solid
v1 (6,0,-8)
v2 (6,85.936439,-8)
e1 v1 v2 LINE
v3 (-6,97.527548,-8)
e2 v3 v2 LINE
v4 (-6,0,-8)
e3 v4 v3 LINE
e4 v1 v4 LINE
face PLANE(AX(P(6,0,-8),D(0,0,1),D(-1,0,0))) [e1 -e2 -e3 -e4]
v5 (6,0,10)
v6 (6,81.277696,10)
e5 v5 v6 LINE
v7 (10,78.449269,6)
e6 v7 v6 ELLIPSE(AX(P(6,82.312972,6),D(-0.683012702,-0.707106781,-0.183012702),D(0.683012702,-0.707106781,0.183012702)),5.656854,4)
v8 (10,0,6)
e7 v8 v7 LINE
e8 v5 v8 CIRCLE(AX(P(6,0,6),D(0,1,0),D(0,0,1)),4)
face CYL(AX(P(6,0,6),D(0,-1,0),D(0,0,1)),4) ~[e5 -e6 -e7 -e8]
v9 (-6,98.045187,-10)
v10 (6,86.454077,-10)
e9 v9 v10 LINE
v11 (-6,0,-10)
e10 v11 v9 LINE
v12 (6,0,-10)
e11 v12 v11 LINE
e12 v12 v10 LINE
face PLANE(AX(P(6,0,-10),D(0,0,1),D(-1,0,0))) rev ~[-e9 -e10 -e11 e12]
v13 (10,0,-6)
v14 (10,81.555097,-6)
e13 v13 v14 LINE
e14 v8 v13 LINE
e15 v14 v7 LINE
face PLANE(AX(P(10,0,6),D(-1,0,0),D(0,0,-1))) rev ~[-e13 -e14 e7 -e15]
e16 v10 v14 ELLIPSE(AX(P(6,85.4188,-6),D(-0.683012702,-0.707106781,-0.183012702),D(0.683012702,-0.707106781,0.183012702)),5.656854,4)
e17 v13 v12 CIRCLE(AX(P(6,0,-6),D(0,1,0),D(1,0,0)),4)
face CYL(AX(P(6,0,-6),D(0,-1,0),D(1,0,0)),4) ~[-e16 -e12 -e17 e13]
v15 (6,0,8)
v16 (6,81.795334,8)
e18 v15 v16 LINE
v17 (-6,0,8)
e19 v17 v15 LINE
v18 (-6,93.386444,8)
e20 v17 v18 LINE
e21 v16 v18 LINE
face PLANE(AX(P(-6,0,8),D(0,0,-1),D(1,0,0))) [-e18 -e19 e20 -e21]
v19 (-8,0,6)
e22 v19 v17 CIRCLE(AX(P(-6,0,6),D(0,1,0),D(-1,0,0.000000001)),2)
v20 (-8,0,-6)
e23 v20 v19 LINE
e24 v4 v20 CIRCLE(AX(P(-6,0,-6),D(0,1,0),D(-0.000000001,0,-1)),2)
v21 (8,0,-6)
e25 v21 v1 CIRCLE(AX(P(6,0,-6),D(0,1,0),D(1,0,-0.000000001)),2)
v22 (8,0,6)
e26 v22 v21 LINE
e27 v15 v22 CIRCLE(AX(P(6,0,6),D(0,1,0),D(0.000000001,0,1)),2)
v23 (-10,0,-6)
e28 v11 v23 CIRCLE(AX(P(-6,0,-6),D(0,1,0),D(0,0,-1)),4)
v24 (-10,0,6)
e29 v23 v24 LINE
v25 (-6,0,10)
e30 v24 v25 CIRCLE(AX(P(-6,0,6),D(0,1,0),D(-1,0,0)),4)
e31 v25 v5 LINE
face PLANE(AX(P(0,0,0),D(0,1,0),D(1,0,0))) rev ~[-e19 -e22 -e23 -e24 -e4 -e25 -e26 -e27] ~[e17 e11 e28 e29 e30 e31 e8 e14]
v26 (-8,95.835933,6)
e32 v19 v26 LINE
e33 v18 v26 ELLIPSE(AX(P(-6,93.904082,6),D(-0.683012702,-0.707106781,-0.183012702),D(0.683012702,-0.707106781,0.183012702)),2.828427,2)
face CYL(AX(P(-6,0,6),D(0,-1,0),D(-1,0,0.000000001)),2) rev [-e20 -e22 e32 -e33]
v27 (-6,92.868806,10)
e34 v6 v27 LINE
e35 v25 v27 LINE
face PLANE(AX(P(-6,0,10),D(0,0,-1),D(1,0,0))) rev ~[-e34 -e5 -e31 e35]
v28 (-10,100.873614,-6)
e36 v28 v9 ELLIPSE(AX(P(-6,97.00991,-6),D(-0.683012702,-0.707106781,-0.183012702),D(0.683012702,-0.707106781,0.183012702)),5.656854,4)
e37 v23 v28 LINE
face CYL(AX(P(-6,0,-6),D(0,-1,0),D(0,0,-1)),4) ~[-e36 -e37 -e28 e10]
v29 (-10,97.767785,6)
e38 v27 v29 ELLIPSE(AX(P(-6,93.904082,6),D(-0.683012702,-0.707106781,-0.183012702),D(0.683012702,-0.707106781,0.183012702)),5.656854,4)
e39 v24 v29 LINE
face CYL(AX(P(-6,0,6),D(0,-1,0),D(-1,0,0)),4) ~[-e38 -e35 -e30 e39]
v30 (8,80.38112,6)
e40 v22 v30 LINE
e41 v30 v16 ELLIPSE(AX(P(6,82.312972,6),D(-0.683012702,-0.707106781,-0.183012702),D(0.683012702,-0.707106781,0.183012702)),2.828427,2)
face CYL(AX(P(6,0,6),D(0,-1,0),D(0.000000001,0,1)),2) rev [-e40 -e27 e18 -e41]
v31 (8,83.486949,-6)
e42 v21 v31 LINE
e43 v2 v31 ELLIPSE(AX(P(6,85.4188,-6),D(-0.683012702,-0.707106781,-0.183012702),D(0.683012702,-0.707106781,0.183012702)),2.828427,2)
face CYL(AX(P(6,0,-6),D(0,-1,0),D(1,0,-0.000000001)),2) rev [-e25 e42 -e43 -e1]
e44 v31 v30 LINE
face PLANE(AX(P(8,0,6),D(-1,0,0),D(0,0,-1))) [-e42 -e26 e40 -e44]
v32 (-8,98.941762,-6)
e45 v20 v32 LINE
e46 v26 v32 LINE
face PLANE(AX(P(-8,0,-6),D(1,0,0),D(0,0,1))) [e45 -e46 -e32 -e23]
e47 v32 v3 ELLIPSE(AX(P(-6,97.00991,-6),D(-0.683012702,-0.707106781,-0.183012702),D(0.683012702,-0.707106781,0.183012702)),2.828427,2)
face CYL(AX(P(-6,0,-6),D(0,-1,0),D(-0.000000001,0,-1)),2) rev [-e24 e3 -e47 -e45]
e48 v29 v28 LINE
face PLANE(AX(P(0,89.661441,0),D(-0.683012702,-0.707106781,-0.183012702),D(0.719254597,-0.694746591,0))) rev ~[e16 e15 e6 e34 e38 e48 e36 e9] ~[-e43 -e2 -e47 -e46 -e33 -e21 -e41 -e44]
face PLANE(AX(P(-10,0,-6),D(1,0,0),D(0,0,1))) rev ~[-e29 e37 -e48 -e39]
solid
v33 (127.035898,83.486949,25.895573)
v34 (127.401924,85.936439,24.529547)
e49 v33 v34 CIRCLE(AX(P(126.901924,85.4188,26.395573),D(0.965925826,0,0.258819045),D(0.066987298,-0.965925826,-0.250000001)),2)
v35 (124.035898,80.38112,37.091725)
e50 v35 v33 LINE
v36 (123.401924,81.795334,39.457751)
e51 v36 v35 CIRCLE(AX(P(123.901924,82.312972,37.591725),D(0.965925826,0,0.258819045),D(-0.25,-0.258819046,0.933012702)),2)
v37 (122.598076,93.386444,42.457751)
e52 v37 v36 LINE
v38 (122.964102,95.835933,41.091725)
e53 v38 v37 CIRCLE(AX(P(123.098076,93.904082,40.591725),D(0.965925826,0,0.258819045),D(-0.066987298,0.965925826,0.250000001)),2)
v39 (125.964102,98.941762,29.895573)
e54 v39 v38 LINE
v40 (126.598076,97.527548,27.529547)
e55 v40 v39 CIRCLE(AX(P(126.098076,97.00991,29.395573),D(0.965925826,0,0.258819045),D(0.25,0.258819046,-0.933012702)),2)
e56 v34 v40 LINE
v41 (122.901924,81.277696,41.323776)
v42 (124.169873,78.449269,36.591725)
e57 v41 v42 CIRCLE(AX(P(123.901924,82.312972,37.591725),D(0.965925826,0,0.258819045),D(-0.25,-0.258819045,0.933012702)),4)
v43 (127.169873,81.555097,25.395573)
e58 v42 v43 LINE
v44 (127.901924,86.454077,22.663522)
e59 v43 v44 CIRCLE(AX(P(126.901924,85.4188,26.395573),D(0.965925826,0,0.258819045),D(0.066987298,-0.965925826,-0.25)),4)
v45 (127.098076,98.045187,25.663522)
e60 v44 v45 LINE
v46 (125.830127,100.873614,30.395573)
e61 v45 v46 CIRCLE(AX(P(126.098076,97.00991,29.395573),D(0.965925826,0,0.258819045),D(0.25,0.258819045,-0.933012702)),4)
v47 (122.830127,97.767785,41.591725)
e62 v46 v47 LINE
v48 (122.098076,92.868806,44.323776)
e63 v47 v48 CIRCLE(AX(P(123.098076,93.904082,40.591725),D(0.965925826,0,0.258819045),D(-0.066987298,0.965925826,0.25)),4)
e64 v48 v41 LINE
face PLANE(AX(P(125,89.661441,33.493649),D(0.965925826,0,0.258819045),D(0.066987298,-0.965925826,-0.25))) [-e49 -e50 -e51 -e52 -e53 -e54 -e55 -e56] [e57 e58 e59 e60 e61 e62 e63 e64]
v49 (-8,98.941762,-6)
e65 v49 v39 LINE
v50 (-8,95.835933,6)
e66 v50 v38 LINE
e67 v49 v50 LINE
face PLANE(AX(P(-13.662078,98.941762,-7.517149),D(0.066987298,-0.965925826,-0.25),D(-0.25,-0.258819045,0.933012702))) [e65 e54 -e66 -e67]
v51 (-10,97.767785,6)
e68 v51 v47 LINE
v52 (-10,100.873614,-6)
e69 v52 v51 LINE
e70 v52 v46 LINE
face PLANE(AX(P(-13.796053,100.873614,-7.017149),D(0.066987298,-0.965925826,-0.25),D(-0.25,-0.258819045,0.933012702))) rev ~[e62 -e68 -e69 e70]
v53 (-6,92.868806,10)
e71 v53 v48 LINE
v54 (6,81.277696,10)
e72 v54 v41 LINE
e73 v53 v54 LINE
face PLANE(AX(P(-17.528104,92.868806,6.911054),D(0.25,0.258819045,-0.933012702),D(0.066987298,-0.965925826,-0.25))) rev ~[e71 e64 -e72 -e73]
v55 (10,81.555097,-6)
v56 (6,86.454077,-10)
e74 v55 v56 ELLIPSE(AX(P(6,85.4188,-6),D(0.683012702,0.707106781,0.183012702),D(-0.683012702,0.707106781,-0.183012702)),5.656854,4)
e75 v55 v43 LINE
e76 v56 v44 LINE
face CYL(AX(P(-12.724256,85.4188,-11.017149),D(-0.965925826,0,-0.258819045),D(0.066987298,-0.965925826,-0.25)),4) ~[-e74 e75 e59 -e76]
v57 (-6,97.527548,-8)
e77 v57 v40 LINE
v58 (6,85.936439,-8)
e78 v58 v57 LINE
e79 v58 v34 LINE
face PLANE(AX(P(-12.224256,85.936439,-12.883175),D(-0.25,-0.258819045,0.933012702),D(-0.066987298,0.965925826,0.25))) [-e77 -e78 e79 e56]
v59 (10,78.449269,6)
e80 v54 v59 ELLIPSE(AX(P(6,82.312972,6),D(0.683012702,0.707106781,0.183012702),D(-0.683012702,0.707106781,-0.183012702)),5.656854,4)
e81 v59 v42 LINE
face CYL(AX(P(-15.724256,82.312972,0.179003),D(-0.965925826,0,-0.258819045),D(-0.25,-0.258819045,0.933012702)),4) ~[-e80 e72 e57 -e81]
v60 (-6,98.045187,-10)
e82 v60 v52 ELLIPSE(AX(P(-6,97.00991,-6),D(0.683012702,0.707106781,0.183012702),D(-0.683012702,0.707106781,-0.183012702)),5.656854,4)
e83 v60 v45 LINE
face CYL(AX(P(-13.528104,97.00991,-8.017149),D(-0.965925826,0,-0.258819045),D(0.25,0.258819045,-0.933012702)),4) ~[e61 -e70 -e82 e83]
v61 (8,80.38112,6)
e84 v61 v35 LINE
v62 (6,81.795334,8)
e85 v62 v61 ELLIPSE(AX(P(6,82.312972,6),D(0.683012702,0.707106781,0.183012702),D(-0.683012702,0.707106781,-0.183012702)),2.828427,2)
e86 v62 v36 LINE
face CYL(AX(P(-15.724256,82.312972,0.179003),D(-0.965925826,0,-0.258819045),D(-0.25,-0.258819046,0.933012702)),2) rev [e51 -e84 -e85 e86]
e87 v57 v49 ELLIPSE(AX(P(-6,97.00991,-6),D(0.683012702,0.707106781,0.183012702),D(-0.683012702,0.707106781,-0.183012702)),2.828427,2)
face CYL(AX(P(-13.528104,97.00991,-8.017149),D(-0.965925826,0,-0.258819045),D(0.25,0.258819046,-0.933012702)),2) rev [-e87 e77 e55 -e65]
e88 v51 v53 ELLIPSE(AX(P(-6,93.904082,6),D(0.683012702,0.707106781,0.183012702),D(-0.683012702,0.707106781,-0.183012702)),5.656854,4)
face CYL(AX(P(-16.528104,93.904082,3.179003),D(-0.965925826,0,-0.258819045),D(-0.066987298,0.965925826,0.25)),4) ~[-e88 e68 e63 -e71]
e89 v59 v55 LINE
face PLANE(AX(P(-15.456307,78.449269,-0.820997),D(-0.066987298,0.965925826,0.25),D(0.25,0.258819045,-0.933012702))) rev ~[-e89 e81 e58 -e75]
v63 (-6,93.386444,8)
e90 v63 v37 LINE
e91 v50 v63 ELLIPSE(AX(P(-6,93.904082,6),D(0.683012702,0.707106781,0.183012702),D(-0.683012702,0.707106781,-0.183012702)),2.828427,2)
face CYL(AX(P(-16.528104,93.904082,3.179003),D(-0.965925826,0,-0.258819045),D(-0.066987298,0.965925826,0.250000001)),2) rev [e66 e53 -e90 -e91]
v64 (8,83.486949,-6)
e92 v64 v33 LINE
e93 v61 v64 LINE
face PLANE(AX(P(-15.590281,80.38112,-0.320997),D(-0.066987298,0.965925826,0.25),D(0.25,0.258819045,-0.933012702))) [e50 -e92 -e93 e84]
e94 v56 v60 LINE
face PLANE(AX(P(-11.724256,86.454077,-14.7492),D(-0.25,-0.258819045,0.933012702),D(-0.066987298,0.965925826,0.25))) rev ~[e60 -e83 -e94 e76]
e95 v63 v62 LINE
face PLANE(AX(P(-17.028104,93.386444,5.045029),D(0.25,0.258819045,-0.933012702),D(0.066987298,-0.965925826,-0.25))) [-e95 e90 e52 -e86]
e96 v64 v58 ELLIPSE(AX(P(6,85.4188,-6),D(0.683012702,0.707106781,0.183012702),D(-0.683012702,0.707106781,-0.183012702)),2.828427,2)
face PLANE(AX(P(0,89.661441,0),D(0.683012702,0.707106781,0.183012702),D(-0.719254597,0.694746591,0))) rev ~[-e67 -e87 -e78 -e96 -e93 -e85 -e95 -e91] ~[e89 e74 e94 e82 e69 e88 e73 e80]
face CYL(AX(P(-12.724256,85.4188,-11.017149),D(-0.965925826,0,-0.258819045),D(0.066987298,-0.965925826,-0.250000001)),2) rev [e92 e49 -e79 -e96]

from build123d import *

# Parameters (mm, degrees)
QUADRATISCHES_HOHLPROFIL_20_X_20_X_2_24_DEPTH = 104.803576768
QUADRATISCHES_HOHLPROFIL_20_X_20_X_2_3_DEPTH  = 144.551658175


with BuildPart() as part:
    # Sketch1 → Quadratisches hohlprofil 20 X 20 X 2(24) (new body)
    with BuildSketch(Plane(origin=(0, 0, 0), x_dir=(1, 0, 0), z_dir=(0, 1, 0))):
        with BuildLine():
            Line((-6, -10), (6, -10))
            ThreePointArc((6, -10), (8.828427125, -8.828427125), (10, -6))
            Line((10, -6), (10, 6))
            ThreePointArc((10, 6), (8.828427125, 8.828427125), (6, 10))
            Line((6, 10), (-6, 10))
            ThreePointArc((-6, 10), (-8.828427125, 8.828427125), (-10, 6))
            Line((-10, 6), (-10, -6))
            ThreePointArc((-10, -6), (-8.828427125, -8.828427125), (-6, -10))
        make_face()
        with BuildLine():
            Line((-6, -8), (6, -8))
            ThreePointArc((6, -8), (7.414213562, -7.414213562), (8, -6))
            Line((8, -6), (8, 6))
            ThreePointArc((8, 6), (7.414213562, 7.414213562), (6, 8))
            Line((6, 8), (-6, 8))
            ThreePointArc((-6, 8), (-7.414213562, 7.414213562), (-8, 6))
            Line((-8, 6), (-8, -6))
            ThreePointArc((-8, -6), (-7.414213562, -7.414213562), (-6, -8))
        make_face(mode=Mode.SUBTRACT)
    extrude(amount=QUADRATISCHES_HOHLPROFIL_20_X_20_X_2_24_DEPTH)

    # Quadratisches hohlprofil 20 X 20 X 2 2
    split(bisect_by=Plane(origin=(0, 89.661441144, 0), x_dir=(0.719254597, -0.694746591, 0), z_dir=(-0.683012702, -0.707106781, -0.183012702)), keep=Keep.TOP)


with BuildPart() as body_2:
    # Sketch1 on segment 2 (carried to segment 2) → Quadratisches hohlprofil 20 X 20 X 2 3 (new body)
    with BuildSketch(Plane(origin=(-14.626179864, 89.661441144, -3.919073083), x_dir=(0.066987298, -0.965925826, -0.25), z_dir=(0.965925826, 0, 0.258819045))):
        with BuildLine():
            Line((-6, -10), (6, -10))
            ThreePointArc((6, -10), (8.828427125, -8.828427125), (10, -6))
            Line((10, -6), (10, 6))
            ThreePointArc((10, 6), (8.828427125, 8.828427125), (6, 10))
            Line((6, 10), (-6, 10))
            ThreePointArc((-6, 10), (-8.828427125, 8.828427125), (-10, 6))
            Line((-10, 6), (-10, -6))
            ThreePointArc((-10, -6), (-8.828427125, -8.828427125), (-6, -10))
        make_face()
        with BuildLine():
            Line((-6, -8), (6, -8))
            ThreePointArc((6, -8), (7.414213562, -7.414213562), (8, -6))
            Line((8, -6), (8, 6))
            ThreePointArc((8, 6), (7.414213562, 7.414213562), (6, 8))
            Line((6, 8), (-6, 8))
            ThreePointArc((-6, 8), (-7.414213562, 7.414213562), (-8, 6))
            Line((-8, 6), (-8, -6))
            ThreePointArc((-8, -6), (-7.414213562, -7.414213562), (-6, -8))
        make_face(mode=Mode.SUBTRACT)
    extrude(amount=QUADRATISCHES_HOHLPROFIL_20_X_20_X_2_3_DEPTH)

    # Quadratisches hohlprofil 20 X 20 X 2 3 m
    split(bisect_by=Plane(origin=(0, 89.661441144, 0), x_dir=(-0.719254597, 0.694746591, 0), z_dir=(0.683012702, 0.707106781, 0.183012702)), keep=Keep.TOP)


solid = Compound([part.part, body_2.part])
